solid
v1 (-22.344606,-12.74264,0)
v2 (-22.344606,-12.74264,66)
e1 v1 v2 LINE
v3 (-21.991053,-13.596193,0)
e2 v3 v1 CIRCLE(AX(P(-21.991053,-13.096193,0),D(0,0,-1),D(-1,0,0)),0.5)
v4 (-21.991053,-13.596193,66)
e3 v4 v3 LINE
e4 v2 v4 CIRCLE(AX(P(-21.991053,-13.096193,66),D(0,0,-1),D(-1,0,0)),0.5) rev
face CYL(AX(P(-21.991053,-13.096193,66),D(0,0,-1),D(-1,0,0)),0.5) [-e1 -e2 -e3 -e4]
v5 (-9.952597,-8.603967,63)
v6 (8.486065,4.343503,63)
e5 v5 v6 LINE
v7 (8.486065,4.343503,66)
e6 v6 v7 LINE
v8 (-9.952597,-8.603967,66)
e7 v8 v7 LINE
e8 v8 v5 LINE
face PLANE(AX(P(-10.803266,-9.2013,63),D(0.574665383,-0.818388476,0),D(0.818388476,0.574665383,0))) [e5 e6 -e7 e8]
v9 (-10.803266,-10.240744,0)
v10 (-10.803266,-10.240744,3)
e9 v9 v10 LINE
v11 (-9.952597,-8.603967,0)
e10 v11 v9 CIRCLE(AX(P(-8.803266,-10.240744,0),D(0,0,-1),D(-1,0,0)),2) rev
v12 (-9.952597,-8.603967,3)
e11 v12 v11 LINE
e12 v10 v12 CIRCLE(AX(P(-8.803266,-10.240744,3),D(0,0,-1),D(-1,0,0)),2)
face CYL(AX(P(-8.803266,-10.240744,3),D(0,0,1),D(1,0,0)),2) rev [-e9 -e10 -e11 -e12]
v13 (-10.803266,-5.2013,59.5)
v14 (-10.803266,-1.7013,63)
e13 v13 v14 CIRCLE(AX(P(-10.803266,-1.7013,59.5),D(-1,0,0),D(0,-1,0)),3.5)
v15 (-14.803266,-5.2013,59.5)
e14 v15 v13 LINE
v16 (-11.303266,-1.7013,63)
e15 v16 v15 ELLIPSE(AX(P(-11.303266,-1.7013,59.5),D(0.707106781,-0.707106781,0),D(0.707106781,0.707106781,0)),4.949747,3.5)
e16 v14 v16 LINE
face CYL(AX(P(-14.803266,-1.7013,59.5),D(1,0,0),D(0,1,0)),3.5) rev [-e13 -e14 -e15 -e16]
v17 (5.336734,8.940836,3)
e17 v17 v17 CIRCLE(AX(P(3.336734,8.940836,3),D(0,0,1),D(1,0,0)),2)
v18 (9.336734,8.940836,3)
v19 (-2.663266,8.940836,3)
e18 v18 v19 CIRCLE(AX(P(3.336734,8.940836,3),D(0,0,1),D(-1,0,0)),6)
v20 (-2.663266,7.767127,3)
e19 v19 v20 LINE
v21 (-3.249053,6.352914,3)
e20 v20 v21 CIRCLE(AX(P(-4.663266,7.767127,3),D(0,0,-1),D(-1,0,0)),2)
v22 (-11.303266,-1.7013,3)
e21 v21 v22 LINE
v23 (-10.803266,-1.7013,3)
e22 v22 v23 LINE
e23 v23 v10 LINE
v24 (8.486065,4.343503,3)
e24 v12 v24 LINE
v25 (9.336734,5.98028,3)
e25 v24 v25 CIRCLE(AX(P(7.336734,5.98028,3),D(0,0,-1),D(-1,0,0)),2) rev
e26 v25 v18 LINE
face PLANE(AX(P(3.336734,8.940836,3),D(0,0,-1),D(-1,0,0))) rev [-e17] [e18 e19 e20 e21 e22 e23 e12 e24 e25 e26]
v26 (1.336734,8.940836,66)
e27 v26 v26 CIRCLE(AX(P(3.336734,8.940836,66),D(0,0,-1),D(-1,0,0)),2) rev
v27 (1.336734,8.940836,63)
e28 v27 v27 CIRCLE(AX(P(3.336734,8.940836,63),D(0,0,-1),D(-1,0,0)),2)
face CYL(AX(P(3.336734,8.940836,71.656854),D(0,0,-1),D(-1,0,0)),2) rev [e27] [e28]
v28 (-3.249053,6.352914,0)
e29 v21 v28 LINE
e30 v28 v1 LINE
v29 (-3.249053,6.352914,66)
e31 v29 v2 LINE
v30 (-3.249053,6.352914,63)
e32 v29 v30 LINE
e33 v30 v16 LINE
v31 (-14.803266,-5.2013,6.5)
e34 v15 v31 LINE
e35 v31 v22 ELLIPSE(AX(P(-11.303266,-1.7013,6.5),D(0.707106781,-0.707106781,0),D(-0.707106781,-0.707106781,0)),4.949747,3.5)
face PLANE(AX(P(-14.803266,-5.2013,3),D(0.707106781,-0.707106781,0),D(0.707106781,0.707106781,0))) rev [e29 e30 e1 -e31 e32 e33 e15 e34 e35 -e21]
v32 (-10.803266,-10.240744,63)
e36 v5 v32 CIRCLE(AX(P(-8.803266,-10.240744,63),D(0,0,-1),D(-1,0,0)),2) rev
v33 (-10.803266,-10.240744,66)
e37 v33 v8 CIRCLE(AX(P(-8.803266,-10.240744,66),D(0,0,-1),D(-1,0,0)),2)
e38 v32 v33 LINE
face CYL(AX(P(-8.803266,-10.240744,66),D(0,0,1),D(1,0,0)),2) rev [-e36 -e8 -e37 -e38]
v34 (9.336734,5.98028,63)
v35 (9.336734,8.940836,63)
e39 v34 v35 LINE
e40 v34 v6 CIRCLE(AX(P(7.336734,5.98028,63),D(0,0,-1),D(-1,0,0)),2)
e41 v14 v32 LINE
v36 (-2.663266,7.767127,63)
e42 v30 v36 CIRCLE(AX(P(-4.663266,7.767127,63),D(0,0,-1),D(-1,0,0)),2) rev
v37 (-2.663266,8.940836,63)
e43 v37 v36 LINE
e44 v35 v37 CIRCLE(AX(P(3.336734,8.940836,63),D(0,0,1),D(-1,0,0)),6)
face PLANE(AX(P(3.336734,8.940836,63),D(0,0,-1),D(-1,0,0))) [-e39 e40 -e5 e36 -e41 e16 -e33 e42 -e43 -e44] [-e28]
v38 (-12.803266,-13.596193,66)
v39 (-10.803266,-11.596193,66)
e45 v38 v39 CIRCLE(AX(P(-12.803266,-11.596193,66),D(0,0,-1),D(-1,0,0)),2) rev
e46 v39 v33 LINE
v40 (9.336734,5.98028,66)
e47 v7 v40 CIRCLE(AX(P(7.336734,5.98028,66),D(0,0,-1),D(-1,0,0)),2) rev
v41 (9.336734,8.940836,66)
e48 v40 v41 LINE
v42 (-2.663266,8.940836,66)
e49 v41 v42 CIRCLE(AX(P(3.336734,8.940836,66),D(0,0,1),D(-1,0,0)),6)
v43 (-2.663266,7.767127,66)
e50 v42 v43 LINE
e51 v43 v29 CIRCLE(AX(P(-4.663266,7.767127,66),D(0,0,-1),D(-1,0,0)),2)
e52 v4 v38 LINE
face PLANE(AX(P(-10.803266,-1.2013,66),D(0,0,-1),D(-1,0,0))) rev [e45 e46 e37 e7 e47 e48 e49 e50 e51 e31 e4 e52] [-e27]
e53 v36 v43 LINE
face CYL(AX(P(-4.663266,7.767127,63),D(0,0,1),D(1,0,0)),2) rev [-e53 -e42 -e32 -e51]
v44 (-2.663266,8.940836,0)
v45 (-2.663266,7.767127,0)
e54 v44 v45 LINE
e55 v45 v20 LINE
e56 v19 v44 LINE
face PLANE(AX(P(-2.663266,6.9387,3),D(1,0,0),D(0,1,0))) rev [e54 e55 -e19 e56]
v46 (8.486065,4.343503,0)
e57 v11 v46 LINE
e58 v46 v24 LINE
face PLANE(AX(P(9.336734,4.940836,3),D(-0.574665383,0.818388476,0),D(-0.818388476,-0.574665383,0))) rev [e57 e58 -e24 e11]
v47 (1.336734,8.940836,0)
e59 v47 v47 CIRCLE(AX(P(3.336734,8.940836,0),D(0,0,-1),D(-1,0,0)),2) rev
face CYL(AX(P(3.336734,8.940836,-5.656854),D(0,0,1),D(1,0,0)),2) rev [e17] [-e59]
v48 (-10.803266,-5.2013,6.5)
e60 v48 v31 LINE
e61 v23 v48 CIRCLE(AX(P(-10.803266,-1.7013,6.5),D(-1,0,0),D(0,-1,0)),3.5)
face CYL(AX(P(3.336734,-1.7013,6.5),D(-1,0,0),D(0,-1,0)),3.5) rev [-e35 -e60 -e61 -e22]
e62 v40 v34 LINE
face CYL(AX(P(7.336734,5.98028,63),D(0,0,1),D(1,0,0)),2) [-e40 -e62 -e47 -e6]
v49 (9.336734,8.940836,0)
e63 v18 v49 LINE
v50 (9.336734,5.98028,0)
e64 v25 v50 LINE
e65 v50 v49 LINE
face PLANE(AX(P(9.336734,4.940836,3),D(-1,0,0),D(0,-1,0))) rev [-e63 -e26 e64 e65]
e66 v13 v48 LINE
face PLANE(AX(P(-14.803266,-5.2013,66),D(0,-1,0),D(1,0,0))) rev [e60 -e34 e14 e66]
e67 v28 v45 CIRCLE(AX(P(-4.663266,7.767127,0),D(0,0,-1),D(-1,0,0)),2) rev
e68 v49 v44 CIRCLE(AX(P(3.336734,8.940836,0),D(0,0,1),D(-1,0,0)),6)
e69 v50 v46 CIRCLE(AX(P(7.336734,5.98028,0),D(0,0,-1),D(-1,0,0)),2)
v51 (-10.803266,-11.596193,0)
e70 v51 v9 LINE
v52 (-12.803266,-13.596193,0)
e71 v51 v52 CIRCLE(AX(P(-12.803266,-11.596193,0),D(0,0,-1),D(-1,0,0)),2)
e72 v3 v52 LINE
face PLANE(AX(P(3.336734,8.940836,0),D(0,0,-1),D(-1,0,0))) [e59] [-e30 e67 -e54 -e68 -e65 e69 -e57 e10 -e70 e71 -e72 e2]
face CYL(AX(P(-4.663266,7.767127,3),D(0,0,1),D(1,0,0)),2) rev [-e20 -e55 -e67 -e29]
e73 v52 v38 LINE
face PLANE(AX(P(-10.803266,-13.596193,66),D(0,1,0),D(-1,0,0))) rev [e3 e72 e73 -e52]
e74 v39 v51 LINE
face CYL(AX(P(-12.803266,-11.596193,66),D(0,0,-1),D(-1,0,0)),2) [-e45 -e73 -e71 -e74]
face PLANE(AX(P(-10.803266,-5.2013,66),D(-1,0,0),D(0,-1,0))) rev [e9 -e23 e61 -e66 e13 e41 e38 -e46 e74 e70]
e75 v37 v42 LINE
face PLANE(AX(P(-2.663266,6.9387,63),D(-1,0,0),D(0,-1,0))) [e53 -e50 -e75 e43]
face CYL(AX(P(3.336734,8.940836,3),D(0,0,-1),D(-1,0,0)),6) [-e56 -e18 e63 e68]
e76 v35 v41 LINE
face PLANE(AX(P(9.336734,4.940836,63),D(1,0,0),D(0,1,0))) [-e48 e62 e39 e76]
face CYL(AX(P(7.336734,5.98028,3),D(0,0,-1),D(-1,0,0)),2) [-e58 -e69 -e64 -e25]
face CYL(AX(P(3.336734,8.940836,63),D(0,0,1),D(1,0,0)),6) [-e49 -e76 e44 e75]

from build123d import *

# Parameters (mm, degrees)
EXTRUDE1_DEPTH = 3
EXTRUDE2_DEPTH = 66
EXTRUDE3_START = -3
EXTRUDE3_DEPTH = 3
SKETCH2_R      = 2
EXTRUDE4_DEPTH = 3
EXTRUDE5_START = -3
SKETCH6_R      = 2
EXTRUDE5_DEPTH = 3
FILLET3_R      = 3.5
FILLET6_R      = 2
FILLET7_R      = 0.5
FILLET13_R     = 2


with BuildPart() as part:
    # Sketch1 → Extrude1 (new body)
    with BuildSketch(Plane.XY):
        with BuildLine():
            Line((-14.803266257, -5.201299994), (-2.663266257, 6.938700006))
            Line((-2.663266257, 6.938700006), (-2.663266257, 8.94083563))
            ThreePointArc((-2.663266257, 8.94083563), (3.336733743, 14.94083563), (9.336733743, 8.94083563))
            Line((9.336733743, 8.94083563), (9.336733743, 4.94083563))
            Line((9.336733743, 4.94083563), (-10.803266257, -9.201299994))
            Line((-10.803266257, -9.201299994), (-10.803266257, -5.201299994))
            Line((-10.803266257, -5.201299994), (-14.803266257, -5.201299994))
        make_face()
    extrude(amount=EXTRUDE1_DEPTH)

    # Sketch3 → Extrude2 (add)
    with BuildSketch(Plane.XY):
        Polygon((-14.803266257, -5.201299994), (-10.803266257, -5.201299994), (-10.803266257, -13.596193084), (-23.198159347, -13.596193084), align=None)
    extrude(amount=EXTRUDE2_DEPTH)

    # Sketch4 → Extrude3 (add)
    with BuildSketch(Plane.XY.offset(66).offset(EXTRUDE3_START)):
        with BuildLine():
            Line((-14.803266257, -5.201299994), (-10.803266257, -5.201299994))
            Line((-10.803266257, -5.201299994), (-10.803266257, -9.201299994))
            Line((-10.803266257, -9.201299994), (9.336733743, 4.94083563))
            Line((9.336733743, 4.94083563), (9.336733743, 8.94083563))
            ThreePointArc((9.336733743, 8.94083563), (3.336733743, 14.94083563), (-2.663266257, 8.94083563))
            Line((-2.663266257, 8.94083563), (-2.663266257, 6.938700006))
            Line((-2.663266257, 6.938700006), (-14.803266257, -5.201299994))
        make_face()
    extrude(amount=EXTRUDE3_DEPTH)

    # Sketch2 → Extrude4 (cut)
    with BuildSketch(Plane.XY.offset(3)):
        with Locations((3.336733743, 8.94083563)):
            Circle(SKETCH2_R)
    extrude(amount=-EXTRUDE4_DEPTH, mode=Mode.SUBTRACT)

    # Sketch6 → Extrude5 (cut)
    with BuildSketch(Plane(origin=(0, 0, 63), x_dir=(-1, 0, 0), z_dir=(0, 0, -1)).offset(EXTRUDE5_START)):
        with Locations(Location((-3.336733743, 8.94083563, 0), (0, 0, 180))):
            Circle(SKETCH6_R)
    extrude(amount=EXTRUDE5_DEPTH, mode=Mode.SUBTRACT)

    # Fillet3
    fillet3_edges = [part.edges().sort_by_distance(p)[0] for p in [
        (-12.803266257, -5.201299994, 3),
        (-12.803266257, -5.201299994, 63),
    ]]
    fillet(fillet3_edges, radius=FILLET3_R)

    # Fillet6
    fillet6_edges = [part.edges().sort_by_distance(p)[0] for p in [
        (9.336733743, 4.94083563, 1.5),
        (-2.663266257, 6.938700006, 1.5),
        (-2.663266257, 6.938700006, 64.5),
        (9.336733743, 4.94083563, 64.5),
    ]]
    fillet(fillet6_edges, radius=FILLET6_R)

    # Fillet7
    fillet7_edges = [part.edges().sort_by_distance(p)[0] for p in [
        (-23.198159347, -13.596193084, 33),
    ]]
    fillet(fillet7_edges, radius=FILLET7_R)

    # Fillet13
    fillet13_edges = [part.edges().sort_by_distance(p)[0] for p in [
        (-10.803266257, -9.201299994, 1.5),
        (-10.803266257, -13.596193084, 33),
        (-10.803266257, -9.201299994, 64.5),
    ]]
    fillet(fillet13_edges, radius=FILLET13_R)


solid = part.part
